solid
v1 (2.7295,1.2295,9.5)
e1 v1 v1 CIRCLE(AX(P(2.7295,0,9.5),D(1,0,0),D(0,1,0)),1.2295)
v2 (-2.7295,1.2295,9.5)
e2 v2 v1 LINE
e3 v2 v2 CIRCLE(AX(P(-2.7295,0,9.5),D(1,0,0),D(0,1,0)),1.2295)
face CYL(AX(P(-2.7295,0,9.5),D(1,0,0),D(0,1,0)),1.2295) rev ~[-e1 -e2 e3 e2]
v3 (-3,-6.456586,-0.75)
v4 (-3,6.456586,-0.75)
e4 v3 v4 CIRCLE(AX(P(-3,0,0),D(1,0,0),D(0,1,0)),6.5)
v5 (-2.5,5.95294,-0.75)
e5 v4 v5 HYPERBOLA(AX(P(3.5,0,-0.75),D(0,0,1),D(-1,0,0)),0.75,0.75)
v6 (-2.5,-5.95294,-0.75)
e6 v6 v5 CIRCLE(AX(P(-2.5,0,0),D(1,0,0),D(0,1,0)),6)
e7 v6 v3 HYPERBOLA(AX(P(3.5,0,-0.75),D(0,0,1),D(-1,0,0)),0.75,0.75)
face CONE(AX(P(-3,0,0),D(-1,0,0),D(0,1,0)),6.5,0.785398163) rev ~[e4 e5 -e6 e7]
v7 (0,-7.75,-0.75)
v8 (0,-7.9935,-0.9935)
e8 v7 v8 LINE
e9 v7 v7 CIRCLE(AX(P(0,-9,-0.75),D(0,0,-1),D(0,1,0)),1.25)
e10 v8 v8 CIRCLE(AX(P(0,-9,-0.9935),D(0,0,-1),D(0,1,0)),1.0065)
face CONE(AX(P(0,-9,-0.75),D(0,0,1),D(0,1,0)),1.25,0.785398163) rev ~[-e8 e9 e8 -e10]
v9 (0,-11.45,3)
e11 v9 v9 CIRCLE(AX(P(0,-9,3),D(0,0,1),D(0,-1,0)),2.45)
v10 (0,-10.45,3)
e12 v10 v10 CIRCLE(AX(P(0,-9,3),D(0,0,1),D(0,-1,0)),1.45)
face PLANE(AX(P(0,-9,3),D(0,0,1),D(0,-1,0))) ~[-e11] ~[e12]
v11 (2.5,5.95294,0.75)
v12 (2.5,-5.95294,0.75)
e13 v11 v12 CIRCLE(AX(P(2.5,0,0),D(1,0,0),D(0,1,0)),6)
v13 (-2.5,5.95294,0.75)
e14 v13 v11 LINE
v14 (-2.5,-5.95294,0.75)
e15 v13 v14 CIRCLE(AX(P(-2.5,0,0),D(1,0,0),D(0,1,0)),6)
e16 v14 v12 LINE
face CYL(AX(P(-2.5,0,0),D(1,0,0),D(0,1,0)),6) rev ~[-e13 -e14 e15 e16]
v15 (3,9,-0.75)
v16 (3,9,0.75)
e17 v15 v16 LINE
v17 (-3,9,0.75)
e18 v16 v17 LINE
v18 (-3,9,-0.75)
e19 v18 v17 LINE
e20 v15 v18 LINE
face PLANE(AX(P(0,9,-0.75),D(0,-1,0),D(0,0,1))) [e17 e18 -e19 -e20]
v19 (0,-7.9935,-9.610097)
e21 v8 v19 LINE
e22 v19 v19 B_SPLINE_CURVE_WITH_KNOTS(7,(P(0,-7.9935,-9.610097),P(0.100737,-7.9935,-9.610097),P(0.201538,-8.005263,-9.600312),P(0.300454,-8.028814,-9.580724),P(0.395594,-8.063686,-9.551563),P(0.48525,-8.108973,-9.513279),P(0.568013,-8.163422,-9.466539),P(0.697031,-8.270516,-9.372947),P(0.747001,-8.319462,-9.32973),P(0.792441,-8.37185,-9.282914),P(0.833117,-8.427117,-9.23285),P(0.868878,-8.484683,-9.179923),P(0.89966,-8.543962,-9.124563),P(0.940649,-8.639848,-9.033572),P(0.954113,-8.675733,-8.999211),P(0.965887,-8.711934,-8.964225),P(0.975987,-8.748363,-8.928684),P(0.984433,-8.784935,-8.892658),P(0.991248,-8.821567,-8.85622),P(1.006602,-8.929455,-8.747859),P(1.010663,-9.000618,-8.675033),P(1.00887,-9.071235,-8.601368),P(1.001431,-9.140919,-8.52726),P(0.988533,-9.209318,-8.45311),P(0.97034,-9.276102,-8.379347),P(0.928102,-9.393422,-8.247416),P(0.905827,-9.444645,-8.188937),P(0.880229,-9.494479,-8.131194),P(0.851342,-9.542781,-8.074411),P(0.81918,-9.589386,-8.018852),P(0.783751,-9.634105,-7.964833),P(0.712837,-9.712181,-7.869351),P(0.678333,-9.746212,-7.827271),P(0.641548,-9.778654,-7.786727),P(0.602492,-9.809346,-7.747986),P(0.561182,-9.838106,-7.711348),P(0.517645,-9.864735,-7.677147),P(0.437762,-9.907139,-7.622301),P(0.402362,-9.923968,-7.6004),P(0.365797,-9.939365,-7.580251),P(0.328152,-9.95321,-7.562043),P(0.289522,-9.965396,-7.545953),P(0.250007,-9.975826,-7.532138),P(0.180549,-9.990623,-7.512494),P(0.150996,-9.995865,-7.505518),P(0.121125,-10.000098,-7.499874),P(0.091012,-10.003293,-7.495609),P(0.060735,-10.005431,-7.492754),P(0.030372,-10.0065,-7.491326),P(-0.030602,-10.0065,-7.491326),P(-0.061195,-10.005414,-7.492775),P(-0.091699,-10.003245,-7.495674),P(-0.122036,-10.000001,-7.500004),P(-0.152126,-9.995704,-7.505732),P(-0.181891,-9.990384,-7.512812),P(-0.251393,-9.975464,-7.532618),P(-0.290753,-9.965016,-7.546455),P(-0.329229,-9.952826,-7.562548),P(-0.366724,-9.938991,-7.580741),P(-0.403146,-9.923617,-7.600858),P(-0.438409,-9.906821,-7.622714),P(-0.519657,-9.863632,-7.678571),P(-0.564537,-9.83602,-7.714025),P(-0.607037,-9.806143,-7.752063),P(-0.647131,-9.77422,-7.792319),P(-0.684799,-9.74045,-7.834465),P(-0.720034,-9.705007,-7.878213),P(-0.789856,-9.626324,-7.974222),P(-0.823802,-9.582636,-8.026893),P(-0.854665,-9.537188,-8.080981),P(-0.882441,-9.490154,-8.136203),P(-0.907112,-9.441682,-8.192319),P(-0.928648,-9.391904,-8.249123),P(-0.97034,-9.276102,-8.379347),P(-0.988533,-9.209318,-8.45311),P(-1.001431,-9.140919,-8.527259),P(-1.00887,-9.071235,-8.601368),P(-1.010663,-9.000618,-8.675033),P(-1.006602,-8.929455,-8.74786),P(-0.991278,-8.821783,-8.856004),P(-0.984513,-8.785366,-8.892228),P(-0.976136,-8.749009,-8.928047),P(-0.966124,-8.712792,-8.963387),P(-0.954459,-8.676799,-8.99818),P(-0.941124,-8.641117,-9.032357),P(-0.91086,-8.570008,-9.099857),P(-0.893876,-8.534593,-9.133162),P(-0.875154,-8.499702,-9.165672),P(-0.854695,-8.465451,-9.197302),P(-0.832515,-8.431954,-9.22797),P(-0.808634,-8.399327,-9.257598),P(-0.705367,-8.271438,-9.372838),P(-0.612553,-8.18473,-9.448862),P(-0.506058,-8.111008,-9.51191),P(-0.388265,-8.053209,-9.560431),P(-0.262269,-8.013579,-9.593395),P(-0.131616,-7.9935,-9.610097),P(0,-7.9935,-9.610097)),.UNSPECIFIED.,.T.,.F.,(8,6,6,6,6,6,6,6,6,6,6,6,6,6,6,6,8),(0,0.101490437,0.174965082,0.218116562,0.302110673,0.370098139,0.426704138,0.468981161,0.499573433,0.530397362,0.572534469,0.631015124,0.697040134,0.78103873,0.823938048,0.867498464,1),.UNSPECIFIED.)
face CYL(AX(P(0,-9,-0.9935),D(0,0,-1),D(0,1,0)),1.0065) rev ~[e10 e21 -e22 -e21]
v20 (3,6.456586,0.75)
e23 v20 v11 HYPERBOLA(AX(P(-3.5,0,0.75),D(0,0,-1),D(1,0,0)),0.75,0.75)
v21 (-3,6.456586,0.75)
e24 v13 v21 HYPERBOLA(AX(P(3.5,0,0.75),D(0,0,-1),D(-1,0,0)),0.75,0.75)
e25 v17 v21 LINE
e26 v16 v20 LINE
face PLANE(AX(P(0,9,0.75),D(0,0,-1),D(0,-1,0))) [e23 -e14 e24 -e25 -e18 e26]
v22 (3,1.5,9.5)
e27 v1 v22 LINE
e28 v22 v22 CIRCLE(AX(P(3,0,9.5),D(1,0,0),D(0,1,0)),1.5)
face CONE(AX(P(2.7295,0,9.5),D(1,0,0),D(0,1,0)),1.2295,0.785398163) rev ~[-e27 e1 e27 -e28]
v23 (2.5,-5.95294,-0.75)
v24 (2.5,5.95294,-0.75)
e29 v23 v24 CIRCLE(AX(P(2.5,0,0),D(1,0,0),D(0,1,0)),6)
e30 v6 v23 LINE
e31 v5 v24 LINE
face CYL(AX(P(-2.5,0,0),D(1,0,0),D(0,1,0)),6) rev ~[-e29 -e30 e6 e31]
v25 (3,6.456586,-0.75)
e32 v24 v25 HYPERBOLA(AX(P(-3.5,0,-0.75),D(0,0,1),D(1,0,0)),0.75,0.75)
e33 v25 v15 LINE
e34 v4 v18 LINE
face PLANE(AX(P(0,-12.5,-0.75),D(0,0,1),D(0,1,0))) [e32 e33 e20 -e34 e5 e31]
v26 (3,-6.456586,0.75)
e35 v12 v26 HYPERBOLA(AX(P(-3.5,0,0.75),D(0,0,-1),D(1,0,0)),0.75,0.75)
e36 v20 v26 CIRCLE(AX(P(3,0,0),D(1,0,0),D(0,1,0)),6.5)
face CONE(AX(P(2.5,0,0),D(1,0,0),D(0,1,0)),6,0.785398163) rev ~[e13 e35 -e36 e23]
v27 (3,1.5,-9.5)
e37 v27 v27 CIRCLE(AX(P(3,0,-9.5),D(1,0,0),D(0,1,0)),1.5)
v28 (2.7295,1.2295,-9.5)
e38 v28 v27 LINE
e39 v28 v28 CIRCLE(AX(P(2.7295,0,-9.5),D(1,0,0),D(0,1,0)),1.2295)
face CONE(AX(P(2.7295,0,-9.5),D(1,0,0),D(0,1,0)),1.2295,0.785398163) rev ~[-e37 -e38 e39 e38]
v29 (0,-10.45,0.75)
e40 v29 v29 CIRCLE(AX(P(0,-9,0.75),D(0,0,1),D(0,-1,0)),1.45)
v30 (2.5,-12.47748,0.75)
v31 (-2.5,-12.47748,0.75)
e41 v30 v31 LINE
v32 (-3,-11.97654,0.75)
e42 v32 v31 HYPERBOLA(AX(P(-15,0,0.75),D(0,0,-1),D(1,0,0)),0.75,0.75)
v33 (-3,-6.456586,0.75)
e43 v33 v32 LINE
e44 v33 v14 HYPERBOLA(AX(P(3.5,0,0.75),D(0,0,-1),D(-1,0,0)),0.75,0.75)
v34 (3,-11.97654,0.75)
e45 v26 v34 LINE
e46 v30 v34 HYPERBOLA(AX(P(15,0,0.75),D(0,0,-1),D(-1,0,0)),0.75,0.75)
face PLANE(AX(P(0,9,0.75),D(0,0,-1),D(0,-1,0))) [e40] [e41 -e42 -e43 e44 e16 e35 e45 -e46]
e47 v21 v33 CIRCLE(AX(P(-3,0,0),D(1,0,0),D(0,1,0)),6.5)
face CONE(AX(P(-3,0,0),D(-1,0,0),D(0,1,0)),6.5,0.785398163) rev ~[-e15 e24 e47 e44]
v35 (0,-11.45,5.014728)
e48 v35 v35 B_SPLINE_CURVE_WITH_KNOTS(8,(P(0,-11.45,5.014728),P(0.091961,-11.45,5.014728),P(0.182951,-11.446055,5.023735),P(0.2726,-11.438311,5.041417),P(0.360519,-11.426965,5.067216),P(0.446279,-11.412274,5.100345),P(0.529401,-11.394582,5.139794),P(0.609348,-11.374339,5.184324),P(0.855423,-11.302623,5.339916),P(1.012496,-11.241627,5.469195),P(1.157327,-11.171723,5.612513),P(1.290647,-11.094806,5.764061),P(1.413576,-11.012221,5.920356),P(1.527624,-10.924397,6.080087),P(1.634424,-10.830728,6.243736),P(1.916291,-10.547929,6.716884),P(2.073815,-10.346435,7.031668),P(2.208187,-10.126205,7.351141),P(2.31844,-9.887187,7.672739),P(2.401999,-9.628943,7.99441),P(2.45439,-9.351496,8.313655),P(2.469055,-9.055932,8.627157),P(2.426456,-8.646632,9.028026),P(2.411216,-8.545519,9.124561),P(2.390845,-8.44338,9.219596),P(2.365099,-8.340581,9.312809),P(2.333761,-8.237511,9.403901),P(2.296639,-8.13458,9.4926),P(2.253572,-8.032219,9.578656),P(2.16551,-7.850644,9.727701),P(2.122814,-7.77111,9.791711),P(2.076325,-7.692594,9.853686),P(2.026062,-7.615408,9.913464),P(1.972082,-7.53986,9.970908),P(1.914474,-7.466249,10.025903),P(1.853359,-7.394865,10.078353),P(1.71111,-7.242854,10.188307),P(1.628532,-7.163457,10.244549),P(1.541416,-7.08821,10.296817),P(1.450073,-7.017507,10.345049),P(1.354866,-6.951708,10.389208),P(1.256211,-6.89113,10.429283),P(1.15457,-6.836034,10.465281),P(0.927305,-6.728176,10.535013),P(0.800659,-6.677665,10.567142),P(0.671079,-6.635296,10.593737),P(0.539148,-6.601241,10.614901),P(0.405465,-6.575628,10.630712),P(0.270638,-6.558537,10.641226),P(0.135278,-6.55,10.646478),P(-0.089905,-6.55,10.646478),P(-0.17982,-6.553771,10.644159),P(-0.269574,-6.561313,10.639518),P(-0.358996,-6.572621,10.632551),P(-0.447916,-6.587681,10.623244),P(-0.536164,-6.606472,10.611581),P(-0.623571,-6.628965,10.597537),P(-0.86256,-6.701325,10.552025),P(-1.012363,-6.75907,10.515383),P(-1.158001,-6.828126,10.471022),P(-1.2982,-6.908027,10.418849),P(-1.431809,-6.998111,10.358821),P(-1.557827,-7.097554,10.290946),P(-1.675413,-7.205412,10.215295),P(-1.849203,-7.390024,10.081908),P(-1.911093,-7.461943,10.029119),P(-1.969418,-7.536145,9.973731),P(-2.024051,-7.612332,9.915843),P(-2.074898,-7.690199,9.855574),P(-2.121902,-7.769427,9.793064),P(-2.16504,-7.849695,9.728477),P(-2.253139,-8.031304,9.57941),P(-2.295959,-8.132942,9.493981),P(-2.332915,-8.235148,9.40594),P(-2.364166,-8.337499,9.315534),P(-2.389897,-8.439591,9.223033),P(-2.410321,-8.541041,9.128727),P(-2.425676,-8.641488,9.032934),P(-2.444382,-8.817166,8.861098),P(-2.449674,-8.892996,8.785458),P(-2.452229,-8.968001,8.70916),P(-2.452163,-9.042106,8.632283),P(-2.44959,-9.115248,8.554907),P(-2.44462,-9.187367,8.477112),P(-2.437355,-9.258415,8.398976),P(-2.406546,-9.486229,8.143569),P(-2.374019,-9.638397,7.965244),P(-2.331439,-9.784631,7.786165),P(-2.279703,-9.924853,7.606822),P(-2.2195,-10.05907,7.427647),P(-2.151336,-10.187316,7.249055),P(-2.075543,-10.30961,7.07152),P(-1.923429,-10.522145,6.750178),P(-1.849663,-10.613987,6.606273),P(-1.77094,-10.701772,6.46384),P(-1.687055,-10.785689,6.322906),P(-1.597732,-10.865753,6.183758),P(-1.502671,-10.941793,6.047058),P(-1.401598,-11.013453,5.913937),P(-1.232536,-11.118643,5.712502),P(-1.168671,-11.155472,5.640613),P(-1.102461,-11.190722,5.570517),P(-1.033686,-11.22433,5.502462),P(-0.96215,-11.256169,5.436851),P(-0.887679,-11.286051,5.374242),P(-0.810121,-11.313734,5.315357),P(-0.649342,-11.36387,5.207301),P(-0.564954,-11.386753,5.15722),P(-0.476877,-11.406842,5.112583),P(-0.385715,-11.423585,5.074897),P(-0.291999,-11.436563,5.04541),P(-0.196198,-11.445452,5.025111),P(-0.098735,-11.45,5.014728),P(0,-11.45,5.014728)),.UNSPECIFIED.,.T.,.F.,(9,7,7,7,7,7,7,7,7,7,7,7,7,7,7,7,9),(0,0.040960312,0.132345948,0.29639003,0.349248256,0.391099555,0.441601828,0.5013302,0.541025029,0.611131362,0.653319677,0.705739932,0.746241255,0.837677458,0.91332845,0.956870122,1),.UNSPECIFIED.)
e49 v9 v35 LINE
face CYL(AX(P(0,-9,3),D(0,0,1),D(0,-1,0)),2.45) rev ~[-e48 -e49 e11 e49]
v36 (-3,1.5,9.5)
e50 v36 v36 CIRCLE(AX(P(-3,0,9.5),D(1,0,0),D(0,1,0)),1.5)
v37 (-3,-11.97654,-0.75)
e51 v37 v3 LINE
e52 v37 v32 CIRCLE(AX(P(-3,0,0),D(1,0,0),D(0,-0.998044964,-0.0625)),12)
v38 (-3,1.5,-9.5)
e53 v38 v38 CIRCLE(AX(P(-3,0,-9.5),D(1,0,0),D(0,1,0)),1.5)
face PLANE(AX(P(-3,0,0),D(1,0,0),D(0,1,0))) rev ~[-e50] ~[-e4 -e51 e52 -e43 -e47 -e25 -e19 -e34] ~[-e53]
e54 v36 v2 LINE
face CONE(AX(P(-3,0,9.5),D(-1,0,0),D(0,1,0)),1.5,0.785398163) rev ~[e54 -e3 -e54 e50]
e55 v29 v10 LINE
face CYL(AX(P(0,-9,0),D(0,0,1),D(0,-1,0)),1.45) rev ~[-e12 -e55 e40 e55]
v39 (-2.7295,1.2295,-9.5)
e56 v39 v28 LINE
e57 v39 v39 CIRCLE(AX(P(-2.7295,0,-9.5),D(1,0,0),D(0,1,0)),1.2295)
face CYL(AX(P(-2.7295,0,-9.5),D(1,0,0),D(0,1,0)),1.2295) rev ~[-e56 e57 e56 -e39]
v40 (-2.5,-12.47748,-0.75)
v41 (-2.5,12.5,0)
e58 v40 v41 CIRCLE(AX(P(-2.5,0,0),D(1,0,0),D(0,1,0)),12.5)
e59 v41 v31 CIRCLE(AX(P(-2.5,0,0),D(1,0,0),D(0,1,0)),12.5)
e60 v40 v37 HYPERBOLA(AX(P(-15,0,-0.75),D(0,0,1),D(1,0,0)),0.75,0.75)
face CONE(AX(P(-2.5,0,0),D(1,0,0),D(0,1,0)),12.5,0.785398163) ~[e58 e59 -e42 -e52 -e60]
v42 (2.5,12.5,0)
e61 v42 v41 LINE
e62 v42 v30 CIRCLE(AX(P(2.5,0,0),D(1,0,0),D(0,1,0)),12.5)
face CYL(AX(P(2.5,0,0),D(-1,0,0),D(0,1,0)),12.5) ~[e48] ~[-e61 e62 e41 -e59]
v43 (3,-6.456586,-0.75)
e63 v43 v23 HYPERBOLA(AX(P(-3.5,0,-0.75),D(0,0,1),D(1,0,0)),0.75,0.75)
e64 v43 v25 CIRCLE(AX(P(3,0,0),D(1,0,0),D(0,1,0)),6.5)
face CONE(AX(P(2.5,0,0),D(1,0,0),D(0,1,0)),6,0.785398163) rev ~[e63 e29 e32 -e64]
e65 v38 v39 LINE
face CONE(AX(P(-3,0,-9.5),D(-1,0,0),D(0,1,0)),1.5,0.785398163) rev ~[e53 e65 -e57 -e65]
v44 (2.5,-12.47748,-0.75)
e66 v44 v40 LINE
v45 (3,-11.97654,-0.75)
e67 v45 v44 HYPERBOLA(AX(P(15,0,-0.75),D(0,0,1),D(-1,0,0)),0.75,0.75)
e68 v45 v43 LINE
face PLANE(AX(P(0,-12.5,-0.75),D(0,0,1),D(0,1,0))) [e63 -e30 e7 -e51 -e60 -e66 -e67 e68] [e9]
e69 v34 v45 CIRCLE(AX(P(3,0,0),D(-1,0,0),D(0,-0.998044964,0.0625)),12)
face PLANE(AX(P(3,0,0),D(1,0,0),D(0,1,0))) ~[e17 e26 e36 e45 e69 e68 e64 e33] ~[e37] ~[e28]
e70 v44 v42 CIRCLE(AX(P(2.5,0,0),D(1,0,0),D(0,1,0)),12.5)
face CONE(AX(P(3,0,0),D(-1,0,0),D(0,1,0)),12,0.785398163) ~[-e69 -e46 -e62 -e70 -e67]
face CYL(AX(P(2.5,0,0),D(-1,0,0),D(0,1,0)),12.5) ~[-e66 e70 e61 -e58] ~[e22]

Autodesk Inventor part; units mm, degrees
sketch "Sketch_1" plane through (0, 0, 0) normal (0, 0, 1) x (1, 0, 0)
  line L0 (3, 0) -> (-3, 0)
  line L1 (-3, 12) -> (-3, 6.5)
  line L2 (-3, 6.5) -> (-2.5, 6)
  line L3 (-2.5, 6) -> (2.5, 6)
  line L4 (2.5, 6) -> (3, 6.5)
  line L5 (3, 6.5) -> (3, 12)
  line L6 (3, 12) -> (2.5, 12.5)
  line L7 (2.5, 12.5) -> (-2.5, 12.5)
  line L8 (-2.5, 12.5) -> (-3, 12)
revolve "Revolution1" add sketch "Sketch_1" angle 360 about axis through (3, 0, 0) along (1, 0, 0)
sketch "Sketch_2" plane through (0, 0, 0) normal (1, 0, 0) x (0, 1, 0)
  line L0 (-12.5, 0.75) -> (-12.5, -0.75)
  line L1 (-12.5, -0.75) -> (9, -0.75)
  line L2 (9, -0.75) -> (9, 0.75)
  line L3 (9, 0.75) -> (-12.5, 0.75)
extrude "Extrusion1" cut sketch "Sketch_2" along normal mid plane 6
sketch "Sketch_3" plane through (0, 0, 0) normal (1, 0, 0) x (0, 1, 0)
  line L0 (-9, 12.5) -> (-9, 0)
  line L1 (-9, 0) -> (-10.45, 0)
  line L2 (-10.45, 0) -> (-10.45, 3)
  line L3 (-10.45, 3) -> (-11.45, 3)
  line L4 (-11.45, 3) -> (-11.45, 12.5)
  line L5 (-11.45, 12.5) -> (-9, 12.5)
  line L6 (-9, 12.5) -> (-9, 0)
revolve "Revolution2" cut sketch "Sketch_3" angle 360 about axis through (0, -9, 12.5) along (0, 0, 1)
sketch "Sketch_4" plane through (0, 0, 0) normal (1, 0, 0) x (0, 1, 0)
  line L0 (-9, -14.25) -> (-9, -0.75)
  line L1 (-9, -0.75) -> (-7.75, -0.75)
  line L2 (-7.75, -0.75) -> (-7.9935, -0.9935)
  line L3 (-7.9935, -0.9935) -> (-7.9935, -14.25)
  line L4 (-7.9935, -14.25) -> (-9, -14.25)
  line L5 (-9, -14.25) -> (-9, -0.75)
revolve "Revolution3" cut sketch "Sketch_4" angle 360 about axis through (0, -9, -14.25) along (0, 0, -1)
thread "Thread1" size "M2.5x0.45" class "6H" standard "ISO Metric profile" length 8.814
sketch "Sketch_7" plane through (0, 0, -9.5) normal (0, 0, 1) x (1, 0, 0)
  line L0 (3, 0) -> (-3, 0)
  line L1 (-3, 0) -> (-3, 1.5)
  line L2 (-3, 1.5) -> (-2.7295, 1.2295)
  line L3 (-2.7295, 1.2295) -> (2.7295, 1.2295)
  line L4 (2.7295, 1.2295) -> (3, 1.5)
  line L5 (3, 1.5) -> (3, 0)
  line L6 (3, 0) -> (-3, 0)
revolve "Revolution4" cut sketch "Sketch_7" angle 360 about axis through (3, 0, -9.5) along (1, 0, 0)
thread "Thread2" size "M3x0.5" class "6H" standard "ISO Metric profile" full length
sketch "Sketch_8" plane through (0, 0, 9.5) normal (0, 0, 1) x (1, 0, 0)
  line L0 (3, 0) -> (-3, 0)
  line L1 (-3, 0) -> (-3, 1.5)
  line L2 (-3, 1.5) -> (-2.7295, 1.2295)
  line L3 (-2.7295, 1.2295) -> (2.7295, 1.2295)
  line L4 (2.7295, 1.2295) -> (3, 1.5)
  line L5 (3, 1.5) -> (3, 0)
  line L6 (3, 0) -> (-3, 0)
revolve "Revolution5" cut sketch "Sketch_8" angle 360 about axis through (3, 0, 9.5) along (1, 0, 0)
thread "Thread3" size "M3x0.5" class "6H" standard "ISO Metric profile" full length
ref_plane "body_screw_XY" through (0, -9, 3) normal (0, 0, 1) x (1, 0, 0)
ref_plane "body_screw_YZ" through (0, -9, 3) normal (1, 0, 0) x (0, 1, 0)
ref_plane "body_screw_ZX" through (0, -9, 3) normal (0, 1, 0) x (0, 0, 1)
properties part number "SCSWJ12-6_b"
